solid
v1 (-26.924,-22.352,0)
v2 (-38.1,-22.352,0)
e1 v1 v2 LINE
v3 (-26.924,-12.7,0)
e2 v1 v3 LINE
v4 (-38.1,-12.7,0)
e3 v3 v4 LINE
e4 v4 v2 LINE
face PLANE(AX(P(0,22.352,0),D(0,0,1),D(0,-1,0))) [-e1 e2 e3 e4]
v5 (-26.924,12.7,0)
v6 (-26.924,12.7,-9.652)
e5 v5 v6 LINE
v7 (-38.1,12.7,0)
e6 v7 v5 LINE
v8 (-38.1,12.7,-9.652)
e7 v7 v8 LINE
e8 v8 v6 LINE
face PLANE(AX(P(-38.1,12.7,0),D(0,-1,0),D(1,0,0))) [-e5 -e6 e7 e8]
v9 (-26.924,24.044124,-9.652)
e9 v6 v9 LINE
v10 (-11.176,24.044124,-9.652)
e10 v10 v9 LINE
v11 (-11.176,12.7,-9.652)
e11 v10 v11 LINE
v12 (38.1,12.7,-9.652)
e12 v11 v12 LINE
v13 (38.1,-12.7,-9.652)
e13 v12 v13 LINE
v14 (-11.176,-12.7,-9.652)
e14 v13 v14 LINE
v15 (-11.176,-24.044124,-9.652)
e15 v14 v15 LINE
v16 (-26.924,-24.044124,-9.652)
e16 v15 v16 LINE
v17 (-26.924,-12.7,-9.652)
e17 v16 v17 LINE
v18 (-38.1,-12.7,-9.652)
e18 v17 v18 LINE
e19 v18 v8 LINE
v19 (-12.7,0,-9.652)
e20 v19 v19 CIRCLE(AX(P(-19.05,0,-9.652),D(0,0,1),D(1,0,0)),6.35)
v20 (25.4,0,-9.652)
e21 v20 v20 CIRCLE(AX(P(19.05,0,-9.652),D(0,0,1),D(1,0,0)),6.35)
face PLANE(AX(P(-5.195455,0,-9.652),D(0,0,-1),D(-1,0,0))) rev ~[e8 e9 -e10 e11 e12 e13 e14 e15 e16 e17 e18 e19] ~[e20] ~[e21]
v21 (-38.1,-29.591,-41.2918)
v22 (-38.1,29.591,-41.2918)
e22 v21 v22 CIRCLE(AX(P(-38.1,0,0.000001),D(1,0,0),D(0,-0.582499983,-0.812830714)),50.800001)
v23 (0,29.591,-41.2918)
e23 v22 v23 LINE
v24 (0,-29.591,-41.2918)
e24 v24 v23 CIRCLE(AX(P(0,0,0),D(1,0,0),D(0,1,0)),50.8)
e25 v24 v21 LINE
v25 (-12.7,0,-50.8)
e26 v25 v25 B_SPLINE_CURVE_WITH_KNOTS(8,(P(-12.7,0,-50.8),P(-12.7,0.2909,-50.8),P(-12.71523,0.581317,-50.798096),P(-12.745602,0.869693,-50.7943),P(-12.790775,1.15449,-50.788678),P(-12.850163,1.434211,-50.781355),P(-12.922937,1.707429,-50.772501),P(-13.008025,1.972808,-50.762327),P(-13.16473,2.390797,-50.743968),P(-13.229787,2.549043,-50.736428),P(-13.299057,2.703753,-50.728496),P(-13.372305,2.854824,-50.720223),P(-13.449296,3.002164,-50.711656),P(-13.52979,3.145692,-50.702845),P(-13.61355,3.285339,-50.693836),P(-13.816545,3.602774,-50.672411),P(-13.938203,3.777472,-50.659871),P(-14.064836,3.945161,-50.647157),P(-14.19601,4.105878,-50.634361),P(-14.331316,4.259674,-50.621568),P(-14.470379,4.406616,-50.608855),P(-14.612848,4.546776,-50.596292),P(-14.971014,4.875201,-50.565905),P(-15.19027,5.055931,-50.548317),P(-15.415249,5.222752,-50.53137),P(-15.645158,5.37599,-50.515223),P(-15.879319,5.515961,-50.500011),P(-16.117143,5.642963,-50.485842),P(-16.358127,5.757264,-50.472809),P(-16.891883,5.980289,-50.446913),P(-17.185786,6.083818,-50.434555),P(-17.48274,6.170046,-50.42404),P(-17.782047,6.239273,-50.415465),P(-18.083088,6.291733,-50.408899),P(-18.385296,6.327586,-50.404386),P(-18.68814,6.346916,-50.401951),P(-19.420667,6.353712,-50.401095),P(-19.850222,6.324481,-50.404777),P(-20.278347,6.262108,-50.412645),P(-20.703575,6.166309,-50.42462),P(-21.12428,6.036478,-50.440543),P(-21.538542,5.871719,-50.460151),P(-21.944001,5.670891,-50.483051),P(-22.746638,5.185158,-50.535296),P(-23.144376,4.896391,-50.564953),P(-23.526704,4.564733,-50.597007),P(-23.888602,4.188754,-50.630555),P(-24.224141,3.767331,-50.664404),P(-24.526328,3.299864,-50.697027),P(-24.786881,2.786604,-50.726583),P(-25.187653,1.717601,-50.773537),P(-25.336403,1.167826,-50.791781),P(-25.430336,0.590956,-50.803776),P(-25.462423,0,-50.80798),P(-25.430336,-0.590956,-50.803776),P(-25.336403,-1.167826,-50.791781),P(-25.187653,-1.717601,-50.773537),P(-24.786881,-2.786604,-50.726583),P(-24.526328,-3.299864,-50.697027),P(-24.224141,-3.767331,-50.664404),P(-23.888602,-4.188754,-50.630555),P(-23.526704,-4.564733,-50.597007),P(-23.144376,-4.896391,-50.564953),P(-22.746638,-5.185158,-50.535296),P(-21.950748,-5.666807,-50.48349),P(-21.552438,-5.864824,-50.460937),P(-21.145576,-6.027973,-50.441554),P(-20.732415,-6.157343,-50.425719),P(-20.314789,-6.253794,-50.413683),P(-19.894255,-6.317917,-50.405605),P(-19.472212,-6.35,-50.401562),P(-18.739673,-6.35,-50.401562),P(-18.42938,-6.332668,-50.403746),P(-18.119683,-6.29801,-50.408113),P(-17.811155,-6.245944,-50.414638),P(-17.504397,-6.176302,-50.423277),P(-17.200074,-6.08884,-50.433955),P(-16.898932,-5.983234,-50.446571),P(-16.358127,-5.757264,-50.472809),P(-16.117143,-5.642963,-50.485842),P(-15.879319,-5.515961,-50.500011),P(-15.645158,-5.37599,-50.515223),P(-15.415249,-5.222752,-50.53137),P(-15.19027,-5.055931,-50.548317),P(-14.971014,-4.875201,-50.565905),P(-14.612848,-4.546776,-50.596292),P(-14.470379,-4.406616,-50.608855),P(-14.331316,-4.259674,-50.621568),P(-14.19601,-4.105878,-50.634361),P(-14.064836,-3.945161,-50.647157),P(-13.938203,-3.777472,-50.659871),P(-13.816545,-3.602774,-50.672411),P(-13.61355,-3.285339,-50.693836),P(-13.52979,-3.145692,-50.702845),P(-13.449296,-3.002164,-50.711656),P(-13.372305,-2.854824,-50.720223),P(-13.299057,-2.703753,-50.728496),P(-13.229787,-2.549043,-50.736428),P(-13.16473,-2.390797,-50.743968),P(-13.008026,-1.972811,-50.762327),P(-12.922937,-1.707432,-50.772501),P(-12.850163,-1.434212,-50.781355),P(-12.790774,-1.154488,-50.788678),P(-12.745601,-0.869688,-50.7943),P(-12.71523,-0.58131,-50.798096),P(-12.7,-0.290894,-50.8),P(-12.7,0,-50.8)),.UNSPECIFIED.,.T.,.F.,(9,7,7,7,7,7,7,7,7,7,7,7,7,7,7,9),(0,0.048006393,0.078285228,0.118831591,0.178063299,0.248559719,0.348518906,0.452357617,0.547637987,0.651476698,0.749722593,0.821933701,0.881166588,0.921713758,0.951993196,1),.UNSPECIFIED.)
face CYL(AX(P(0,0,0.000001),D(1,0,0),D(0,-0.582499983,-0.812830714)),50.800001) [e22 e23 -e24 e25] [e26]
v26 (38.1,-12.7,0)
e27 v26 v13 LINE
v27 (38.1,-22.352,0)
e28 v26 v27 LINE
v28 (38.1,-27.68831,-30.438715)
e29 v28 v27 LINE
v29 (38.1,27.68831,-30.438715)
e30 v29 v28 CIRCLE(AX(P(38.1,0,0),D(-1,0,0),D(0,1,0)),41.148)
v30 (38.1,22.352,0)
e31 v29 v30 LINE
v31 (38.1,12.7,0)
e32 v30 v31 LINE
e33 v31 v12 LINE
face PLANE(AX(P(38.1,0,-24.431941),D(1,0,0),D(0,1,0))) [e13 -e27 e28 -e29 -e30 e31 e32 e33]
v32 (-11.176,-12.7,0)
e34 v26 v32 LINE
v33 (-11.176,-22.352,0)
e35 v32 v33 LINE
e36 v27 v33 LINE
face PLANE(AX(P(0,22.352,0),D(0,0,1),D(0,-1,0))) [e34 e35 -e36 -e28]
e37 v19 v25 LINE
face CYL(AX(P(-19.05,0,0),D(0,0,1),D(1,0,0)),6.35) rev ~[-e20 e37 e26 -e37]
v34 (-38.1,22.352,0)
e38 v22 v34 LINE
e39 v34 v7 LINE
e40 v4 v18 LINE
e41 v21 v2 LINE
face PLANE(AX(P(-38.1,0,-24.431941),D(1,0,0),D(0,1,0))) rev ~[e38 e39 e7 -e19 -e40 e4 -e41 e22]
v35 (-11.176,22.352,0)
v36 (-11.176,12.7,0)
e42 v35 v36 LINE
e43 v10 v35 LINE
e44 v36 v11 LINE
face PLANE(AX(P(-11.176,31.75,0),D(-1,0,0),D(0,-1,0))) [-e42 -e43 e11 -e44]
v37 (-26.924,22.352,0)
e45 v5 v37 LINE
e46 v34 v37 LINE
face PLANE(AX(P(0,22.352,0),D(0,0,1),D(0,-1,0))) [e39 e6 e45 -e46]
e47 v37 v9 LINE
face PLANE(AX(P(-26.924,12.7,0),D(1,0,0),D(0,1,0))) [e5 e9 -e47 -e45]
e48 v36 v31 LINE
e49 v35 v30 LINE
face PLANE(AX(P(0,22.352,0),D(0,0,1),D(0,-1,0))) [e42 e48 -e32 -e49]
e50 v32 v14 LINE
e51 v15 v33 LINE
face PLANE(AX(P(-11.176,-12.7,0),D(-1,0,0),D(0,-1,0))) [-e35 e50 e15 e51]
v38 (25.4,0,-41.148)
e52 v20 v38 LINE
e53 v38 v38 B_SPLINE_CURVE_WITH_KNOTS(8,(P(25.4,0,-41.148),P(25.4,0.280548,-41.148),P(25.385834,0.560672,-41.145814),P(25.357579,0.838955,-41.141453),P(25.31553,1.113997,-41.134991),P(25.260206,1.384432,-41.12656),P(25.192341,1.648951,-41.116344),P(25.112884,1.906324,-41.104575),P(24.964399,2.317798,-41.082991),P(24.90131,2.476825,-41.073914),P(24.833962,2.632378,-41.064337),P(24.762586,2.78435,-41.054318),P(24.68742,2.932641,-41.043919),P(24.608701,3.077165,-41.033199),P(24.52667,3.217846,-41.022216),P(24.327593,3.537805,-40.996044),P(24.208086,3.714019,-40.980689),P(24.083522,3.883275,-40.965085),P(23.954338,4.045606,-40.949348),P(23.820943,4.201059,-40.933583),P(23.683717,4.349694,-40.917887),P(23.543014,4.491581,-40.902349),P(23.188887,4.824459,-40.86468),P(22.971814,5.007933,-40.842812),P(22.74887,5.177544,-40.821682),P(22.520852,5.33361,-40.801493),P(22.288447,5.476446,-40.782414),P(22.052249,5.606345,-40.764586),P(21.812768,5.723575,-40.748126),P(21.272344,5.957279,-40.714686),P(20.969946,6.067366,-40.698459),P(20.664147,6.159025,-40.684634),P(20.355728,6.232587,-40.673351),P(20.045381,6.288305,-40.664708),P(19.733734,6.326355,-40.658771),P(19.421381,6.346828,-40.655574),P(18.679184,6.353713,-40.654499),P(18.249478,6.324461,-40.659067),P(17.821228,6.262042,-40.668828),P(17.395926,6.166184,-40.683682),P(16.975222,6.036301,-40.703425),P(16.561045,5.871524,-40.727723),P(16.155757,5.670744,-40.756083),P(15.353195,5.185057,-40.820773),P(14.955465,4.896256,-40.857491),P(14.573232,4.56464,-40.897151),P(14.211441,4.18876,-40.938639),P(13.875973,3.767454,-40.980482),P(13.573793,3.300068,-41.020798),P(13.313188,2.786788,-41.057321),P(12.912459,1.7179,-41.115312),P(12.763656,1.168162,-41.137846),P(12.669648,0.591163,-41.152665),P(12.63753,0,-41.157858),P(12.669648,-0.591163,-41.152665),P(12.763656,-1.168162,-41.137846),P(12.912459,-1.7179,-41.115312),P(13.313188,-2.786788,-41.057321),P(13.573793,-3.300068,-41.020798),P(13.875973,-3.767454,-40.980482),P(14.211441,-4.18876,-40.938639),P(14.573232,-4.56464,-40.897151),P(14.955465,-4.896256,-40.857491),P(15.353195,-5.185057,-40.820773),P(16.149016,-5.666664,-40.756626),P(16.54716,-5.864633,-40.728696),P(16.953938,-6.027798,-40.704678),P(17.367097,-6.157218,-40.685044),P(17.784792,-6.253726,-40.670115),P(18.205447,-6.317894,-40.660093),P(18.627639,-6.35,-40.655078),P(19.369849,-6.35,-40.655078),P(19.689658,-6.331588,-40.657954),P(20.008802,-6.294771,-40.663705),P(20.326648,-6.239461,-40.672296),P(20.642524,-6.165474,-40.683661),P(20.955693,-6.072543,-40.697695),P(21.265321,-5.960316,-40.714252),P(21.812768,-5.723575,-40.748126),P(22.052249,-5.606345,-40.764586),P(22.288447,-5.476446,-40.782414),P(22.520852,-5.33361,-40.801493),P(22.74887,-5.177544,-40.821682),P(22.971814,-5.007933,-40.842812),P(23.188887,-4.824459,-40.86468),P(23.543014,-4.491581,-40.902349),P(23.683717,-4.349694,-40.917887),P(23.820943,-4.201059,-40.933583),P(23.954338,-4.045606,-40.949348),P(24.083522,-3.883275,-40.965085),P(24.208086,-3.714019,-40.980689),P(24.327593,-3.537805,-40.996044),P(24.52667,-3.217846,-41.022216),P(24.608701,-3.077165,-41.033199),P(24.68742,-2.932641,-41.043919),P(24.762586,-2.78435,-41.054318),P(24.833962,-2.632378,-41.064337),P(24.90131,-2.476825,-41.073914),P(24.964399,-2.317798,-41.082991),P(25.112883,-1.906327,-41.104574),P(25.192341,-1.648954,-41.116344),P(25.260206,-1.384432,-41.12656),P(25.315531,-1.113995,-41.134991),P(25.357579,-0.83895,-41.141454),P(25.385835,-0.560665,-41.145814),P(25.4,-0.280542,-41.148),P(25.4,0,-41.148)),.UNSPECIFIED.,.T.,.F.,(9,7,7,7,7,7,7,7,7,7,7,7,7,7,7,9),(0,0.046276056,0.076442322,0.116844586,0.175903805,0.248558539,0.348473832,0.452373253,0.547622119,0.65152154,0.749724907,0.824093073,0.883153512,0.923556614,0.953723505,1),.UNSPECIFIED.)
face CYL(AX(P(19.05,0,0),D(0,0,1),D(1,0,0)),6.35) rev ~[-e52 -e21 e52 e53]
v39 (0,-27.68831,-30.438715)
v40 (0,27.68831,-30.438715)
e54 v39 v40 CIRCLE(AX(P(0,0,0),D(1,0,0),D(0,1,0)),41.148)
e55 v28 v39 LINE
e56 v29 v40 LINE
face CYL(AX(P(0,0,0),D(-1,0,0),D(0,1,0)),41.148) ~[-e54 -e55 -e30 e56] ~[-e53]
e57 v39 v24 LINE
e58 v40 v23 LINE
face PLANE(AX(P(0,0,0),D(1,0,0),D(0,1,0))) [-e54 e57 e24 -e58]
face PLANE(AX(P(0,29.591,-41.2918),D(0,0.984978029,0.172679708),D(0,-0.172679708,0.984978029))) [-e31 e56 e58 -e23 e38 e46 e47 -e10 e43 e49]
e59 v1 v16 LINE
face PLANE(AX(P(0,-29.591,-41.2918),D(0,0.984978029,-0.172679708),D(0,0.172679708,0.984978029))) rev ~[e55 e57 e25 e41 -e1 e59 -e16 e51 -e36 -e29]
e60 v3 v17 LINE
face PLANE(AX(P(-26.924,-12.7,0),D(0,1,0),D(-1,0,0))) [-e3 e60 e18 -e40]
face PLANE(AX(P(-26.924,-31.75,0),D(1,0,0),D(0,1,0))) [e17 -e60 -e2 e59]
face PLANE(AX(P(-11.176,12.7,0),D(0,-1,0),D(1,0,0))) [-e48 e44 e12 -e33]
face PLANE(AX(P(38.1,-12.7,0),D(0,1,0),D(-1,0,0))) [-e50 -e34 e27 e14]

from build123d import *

# Parameters (mm, degrees)
PAD_DEPTH       = 38.1
SKETCH001_R     = 50.8
SKETCH001_R_2   = 41.148
POCKET_DEPTH    = 38.101
SKETCH002_R     = 6.35
POCKET001_DEPTH = 50.801
POCKET002_DEPTH = 9.652


with BuildPart() as part:
    # Sketch → Pad (new body, symmetric)
    with BuildSketch(Plane.YZ):
        with BuildLine():
            ThreePointArc((-29.591, -41.2918), (0, -50.8), (29.591, -41.2918))
            Line((29.591, -41.2918), (22.352, 0))
            Line((22.352, 0), (-22.352, 0))
            Line((-29.591, -41.2918), (-22.352, 0))
        make_face()
    extrude(amount=PAD_DEPTH, both=True)

    # Sketch001 → Pocket (cut, through all)
    with BuildSketch(Plane.YZ):
        Circle(SKETCH001_R)
        Circle(SKETCH001_R_2, mode=Mode.SUBTRACT)
    extrude(amount=POCKET_DEPTH, mode=Mode.SUBTRACT)

    # Sketch002 → Pocket001 (cut, through all)
    with BuildSketch(Plane.XY):
        with Locations((-19.05, 0)):
            Circle(SKETCH002_R)
        with Locations((19.05, 0)):
            Circle(SKETCH002_R)
    extrude(amount=-POCKET001_DEPTH, mode=Mode.SUBTRACT)

    # Sketch003 → Pocket002 (cut)
    with BuildSketch(Plane.XY):
        Polygon((-26.924, 31.75), (-11.176, 31.75), (-11.176, 12.7), (38.1, 12.7), (38.1, -12.7), (-11.176, -12.7), (-11.176, -31.75), (-26.924, -31.75), (-26.924, -12.7), (-38.1, -12.7), (-38.1, 12.7), (-26.924, 12.7), align=None)
    extrude(amount=-POCKET002_DEPTH, mode=Mode.SUBTRACT)


solid = part.part
